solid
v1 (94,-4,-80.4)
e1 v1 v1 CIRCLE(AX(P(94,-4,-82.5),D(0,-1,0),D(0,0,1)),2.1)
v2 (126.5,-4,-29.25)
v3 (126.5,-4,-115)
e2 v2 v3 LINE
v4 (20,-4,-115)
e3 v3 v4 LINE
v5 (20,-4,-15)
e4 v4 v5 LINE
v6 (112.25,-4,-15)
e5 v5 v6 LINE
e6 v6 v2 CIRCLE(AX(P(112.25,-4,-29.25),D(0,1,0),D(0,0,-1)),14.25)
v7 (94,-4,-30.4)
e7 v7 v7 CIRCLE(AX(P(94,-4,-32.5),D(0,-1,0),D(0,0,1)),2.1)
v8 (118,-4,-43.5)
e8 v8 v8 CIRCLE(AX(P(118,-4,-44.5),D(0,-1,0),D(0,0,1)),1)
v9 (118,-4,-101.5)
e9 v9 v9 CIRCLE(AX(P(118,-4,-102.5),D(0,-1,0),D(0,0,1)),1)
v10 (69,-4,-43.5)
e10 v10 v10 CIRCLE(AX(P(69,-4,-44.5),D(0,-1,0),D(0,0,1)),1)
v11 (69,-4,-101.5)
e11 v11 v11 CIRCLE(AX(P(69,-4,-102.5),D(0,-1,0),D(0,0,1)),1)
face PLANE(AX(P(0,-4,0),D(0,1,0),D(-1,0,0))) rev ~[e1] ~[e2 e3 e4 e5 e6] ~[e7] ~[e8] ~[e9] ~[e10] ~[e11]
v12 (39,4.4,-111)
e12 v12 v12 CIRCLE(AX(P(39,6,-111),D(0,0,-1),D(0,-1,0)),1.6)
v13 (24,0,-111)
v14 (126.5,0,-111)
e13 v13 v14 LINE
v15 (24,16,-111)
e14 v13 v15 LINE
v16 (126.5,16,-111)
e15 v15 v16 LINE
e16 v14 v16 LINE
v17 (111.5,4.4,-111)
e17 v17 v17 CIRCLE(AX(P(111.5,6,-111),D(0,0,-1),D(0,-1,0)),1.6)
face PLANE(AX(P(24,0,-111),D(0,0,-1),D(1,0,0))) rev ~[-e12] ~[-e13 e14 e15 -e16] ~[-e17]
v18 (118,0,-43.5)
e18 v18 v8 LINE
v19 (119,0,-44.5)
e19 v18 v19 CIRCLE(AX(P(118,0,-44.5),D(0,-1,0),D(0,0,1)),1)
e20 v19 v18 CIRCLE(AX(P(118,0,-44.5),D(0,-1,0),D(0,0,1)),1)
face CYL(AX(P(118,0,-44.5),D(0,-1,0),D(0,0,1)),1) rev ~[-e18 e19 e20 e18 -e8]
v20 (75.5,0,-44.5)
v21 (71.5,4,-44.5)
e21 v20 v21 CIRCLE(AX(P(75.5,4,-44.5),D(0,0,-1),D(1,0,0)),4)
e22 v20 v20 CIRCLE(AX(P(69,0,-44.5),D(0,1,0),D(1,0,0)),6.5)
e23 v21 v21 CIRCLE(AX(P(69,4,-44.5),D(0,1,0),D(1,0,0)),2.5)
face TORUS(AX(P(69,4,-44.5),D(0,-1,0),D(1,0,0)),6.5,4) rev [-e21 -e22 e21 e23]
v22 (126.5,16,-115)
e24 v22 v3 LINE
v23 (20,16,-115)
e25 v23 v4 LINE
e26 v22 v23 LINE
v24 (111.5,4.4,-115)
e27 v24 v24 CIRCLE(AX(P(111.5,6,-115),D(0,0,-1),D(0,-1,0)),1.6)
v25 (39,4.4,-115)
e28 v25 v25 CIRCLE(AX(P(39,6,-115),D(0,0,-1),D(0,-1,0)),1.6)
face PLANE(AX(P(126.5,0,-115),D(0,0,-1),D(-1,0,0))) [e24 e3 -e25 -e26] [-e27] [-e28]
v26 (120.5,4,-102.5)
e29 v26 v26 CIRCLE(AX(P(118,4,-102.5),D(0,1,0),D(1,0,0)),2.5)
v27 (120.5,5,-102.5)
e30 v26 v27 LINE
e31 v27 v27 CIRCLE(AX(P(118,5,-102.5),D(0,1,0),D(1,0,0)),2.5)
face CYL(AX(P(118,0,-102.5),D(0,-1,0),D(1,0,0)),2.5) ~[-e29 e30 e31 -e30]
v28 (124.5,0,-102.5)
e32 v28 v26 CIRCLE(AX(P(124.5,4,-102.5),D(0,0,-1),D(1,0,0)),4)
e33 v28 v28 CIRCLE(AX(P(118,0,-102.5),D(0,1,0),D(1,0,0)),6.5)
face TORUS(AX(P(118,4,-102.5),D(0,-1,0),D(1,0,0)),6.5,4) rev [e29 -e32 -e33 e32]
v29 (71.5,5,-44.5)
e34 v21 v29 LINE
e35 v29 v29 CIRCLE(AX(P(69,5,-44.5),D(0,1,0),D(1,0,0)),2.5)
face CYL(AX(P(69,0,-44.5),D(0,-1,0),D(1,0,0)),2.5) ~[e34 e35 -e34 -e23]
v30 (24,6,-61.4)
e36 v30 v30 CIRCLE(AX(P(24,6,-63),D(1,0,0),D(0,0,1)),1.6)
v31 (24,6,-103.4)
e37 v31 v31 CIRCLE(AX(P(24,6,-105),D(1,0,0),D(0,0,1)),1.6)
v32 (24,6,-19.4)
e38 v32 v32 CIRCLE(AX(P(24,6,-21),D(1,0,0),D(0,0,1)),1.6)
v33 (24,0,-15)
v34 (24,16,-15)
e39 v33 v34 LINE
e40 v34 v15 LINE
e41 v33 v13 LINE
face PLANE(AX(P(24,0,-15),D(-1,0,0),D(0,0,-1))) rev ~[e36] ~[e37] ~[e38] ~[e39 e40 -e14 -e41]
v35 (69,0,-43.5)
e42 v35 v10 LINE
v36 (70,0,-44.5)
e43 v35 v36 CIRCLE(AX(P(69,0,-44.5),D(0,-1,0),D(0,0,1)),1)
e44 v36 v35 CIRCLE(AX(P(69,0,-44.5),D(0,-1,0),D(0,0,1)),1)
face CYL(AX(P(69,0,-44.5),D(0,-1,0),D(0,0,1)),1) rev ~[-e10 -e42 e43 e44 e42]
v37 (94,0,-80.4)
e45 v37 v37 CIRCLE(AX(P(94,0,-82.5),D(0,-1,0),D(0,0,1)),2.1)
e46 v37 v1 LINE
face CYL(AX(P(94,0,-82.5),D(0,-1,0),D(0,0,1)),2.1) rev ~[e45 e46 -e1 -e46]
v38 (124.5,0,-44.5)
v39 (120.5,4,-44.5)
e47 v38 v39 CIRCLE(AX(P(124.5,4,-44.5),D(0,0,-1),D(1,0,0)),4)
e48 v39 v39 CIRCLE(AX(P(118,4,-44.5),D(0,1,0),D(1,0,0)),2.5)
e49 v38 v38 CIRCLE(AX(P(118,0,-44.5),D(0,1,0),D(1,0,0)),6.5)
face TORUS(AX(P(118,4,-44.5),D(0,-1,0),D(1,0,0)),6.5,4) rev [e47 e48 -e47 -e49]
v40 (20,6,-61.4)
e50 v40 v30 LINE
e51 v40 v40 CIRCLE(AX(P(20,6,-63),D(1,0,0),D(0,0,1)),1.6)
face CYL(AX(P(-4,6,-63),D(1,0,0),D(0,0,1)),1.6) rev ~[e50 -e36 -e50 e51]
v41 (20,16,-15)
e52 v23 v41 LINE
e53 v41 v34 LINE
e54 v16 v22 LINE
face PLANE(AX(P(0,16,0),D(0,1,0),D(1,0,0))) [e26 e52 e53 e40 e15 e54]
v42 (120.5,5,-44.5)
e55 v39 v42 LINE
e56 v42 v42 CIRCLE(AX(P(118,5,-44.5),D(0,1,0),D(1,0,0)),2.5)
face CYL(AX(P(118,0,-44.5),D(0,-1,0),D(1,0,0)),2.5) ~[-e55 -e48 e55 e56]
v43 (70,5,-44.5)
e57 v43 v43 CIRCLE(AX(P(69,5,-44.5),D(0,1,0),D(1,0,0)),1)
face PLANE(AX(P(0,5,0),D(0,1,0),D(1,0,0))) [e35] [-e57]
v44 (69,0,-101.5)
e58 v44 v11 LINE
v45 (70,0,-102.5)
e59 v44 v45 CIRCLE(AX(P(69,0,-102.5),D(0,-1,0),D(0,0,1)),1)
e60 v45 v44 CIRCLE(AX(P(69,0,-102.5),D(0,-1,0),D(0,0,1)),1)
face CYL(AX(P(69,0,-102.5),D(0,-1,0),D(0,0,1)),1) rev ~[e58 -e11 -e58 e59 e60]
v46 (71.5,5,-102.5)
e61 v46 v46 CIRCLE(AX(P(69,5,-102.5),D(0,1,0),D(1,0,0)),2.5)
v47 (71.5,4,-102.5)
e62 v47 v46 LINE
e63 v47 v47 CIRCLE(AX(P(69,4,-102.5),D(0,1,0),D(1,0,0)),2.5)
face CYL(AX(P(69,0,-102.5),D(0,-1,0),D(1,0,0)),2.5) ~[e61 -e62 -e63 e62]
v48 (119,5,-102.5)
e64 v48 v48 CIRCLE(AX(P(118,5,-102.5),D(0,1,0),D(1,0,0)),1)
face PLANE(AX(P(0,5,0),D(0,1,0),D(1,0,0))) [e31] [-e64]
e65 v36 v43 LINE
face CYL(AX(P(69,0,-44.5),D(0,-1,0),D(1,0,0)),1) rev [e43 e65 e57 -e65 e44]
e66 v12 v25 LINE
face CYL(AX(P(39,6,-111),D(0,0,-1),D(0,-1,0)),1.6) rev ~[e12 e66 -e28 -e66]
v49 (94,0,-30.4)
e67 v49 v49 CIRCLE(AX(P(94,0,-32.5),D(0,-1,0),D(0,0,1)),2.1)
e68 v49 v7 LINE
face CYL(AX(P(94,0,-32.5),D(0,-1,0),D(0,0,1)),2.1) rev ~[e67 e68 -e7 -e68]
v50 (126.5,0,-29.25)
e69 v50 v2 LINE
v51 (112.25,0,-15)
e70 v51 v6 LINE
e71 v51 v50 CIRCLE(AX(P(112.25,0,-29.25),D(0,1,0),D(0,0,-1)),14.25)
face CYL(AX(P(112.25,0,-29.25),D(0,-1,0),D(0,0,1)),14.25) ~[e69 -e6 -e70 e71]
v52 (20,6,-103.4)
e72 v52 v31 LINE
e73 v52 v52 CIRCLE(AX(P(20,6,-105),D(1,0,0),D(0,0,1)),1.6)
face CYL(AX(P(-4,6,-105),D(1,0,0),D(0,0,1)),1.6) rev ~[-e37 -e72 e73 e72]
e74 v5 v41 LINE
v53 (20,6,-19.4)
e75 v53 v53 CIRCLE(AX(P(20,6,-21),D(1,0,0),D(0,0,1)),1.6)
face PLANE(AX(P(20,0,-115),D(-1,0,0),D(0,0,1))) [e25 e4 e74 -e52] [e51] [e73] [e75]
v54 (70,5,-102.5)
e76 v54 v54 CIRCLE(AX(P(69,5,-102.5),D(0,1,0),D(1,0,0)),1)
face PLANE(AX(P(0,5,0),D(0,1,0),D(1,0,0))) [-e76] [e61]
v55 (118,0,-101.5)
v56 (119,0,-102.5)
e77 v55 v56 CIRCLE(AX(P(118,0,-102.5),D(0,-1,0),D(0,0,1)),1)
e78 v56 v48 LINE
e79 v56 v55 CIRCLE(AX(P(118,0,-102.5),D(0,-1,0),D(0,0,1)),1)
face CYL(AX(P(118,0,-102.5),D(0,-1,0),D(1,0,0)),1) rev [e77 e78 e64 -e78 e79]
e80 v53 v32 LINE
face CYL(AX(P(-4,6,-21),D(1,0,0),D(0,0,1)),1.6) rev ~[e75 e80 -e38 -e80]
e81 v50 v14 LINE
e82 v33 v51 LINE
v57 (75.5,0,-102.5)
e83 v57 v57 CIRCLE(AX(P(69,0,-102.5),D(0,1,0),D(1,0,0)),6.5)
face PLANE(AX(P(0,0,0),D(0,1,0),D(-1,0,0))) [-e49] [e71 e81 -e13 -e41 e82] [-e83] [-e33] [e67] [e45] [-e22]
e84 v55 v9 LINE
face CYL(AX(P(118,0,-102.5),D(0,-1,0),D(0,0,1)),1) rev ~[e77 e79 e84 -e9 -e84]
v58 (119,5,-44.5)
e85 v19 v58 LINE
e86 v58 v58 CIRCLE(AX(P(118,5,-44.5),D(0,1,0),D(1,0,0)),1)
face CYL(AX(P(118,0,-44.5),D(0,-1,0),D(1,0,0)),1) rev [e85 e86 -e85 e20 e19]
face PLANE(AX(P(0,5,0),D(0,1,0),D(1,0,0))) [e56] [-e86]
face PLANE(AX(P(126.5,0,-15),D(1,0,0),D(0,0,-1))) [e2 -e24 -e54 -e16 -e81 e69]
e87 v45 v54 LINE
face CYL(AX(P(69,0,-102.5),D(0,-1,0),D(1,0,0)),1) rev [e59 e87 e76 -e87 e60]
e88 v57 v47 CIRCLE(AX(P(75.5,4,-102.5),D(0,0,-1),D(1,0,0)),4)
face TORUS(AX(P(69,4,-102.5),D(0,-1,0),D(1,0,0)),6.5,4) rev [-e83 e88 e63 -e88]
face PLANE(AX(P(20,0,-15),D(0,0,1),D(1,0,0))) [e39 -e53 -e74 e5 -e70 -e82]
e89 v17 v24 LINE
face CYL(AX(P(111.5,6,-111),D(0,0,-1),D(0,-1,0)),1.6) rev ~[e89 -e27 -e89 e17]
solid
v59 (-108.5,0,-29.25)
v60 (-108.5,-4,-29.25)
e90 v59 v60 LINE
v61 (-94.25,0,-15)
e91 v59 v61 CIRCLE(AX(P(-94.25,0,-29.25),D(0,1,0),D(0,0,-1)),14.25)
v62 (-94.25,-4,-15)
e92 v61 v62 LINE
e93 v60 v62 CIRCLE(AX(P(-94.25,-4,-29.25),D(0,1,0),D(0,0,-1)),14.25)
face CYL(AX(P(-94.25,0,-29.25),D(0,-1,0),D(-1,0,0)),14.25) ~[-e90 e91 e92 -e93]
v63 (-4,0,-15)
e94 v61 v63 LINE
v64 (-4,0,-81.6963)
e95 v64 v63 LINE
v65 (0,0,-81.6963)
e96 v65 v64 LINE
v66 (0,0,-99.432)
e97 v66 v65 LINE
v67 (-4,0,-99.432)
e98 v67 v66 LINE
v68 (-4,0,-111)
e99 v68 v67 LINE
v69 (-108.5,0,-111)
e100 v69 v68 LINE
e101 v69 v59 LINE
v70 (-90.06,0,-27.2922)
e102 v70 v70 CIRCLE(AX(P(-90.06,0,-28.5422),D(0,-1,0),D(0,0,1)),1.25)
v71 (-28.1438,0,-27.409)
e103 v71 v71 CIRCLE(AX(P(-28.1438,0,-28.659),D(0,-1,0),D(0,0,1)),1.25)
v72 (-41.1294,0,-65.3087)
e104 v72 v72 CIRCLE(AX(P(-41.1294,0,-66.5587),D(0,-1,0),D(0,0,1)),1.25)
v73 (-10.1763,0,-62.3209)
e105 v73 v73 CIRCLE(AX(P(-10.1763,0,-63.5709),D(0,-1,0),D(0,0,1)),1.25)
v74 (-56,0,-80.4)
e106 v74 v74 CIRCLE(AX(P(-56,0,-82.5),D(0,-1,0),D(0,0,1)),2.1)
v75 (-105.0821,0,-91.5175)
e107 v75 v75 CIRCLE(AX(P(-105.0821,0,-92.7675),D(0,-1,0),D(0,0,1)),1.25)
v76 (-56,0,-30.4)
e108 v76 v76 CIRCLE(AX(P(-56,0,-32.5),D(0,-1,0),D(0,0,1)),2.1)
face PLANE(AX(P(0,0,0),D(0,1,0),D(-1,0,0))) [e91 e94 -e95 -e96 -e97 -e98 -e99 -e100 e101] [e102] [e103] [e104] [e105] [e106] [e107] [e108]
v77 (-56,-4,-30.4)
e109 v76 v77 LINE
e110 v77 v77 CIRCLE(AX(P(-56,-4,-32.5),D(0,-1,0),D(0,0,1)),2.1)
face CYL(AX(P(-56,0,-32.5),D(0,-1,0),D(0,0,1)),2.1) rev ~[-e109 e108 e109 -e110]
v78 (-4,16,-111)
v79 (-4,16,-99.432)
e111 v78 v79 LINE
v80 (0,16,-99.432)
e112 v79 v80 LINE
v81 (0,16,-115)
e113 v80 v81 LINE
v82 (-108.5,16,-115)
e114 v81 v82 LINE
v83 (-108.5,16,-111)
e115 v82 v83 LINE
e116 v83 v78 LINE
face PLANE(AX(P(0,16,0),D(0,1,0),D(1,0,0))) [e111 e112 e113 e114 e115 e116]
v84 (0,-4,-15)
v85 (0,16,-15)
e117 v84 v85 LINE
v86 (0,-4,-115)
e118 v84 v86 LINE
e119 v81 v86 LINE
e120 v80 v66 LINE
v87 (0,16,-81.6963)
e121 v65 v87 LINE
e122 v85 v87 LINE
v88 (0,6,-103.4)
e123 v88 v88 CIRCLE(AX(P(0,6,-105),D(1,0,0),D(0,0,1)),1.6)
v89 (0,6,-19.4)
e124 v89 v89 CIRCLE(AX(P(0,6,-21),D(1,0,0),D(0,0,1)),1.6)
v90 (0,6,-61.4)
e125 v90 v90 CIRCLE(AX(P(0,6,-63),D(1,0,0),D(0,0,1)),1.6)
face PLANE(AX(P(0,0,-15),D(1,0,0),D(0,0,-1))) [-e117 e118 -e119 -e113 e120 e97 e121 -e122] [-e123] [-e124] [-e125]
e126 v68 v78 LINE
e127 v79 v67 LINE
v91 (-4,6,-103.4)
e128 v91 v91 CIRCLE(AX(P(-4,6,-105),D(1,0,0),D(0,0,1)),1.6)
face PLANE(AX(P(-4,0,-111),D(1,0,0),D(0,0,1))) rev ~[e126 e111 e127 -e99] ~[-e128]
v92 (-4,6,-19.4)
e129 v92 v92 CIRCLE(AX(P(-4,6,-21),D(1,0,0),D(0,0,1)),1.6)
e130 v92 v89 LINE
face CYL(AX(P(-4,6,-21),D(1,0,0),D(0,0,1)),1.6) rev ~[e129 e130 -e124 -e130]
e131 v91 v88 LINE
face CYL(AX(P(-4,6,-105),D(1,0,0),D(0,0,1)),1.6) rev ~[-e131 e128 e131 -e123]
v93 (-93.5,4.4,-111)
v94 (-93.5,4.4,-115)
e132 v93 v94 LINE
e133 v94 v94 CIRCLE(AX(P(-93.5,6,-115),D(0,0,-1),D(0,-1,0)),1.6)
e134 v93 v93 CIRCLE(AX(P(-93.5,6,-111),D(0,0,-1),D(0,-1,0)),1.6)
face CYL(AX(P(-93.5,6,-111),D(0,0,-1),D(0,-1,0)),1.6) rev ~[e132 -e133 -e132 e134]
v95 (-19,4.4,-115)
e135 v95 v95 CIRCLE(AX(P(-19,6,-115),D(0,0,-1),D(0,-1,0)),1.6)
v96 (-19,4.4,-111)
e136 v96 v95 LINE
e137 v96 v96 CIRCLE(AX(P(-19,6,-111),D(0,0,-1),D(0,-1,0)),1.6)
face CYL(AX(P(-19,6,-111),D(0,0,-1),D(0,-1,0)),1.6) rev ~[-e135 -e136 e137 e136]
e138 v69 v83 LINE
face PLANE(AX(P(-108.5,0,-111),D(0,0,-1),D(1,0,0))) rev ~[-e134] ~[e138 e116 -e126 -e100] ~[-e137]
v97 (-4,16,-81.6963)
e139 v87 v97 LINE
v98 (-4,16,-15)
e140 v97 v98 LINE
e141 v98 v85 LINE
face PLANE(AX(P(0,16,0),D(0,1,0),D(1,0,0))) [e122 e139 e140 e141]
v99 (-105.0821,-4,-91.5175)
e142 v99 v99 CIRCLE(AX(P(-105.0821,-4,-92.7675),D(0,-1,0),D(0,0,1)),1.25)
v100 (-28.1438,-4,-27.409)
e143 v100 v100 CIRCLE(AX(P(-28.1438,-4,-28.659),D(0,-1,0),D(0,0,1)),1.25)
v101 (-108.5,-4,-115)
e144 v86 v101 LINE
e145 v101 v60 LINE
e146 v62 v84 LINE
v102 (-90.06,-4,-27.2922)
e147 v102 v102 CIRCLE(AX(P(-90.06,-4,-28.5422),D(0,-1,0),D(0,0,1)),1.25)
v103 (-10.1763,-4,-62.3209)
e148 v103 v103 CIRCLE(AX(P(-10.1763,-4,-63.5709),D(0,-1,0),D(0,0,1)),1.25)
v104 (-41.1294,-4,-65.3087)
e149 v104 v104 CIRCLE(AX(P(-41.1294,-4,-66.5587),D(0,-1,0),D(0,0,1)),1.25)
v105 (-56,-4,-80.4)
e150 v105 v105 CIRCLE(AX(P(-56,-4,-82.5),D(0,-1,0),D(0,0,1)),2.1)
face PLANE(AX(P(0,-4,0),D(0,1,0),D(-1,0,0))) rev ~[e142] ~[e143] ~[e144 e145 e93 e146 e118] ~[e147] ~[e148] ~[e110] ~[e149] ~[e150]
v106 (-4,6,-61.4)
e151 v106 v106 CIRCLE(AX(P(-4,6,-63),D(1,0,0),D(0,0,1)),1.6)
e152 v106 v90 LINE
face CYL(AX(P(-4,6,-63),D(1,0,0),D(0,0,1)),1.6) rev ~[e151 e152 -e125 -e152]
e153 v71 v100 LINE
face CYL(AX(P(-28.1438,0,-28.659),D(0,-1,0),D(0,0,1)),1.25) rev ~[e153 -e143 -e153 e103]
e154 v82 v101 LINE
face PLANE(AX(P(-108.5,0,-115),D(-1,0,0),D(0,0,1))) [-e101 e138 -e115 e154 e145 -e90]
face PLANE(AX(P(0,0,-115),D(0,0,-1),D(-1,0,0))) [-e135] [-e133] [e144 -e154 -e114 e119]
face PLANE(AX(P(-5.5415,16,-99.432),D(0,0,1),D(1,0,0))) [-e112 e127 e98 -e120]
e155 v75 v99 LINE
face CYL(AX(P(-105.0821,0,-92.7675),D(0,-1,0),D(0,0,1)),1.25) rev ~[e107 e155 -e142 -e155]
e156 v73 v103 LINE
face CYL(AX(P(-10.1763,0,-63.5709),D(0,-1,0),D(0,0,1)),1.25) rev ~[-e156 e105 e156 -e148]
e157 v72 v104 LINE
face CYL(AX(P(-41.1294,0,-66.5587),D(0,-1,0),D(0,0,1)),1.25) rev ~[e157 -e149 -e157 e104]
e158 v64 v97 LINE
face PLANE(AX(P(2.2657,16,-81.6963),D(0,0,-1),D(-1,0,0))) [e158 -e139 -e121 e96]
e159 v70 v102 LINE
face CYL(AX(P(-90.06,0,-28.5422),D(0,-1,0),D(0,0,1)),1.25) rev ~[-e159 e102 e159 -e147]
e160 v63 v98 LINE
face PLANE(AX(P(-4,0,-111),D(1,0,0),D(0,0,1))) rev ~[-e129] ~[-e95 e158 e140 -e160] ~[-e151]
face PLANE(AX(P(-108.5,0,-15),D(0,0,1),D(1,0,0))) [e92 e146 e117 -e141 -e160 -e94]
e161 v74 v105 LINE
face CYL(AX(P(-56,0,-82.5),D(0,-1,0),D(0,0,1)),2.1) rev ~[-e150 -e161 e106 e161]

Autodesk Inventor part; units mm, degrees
ref_plane "YZ Plane" through (0, 0, 0) normal (1, 0, 0) x (0, 1, 0)
ref_plane "XZ Plane" through (0, 0, 0) normal (0, 1, 0) x (-1, 0, 0)
ref_plane "XY Plane" through (0, 0, 0) normal (0, 0, 1) x (1, 0, 0)
sketch "Sketch1" plane through (0, 0, 0) normal (0, 1, 0) x (-1, 0, 0)
  line L0 (108.5, -115) -> (0, -115) construction
  line L1 (0, -115) -> (0, 169.9168) construction
  line L2 (88.5, 0) -> (-126.5, 0) construction
  line L3 (-126.5, 0) -> (-126.5, -115) construction
  line L4 (-126.5, -115) -> (88.5, -115) construction
  line L5 (88.5, -115) -> (88.5, 0) construction
  line L6 (108.5, -15) -> (0, -15)
  line L7 (0, -15) -> (0, -115)
  line L8 (0, -115) -> (108.5, -115)
  line L9 (108.5, -115) -> (108.5, -15)
  line L10 (-20, 169.9168) -> (-20, -115) construction
  line L11 (-20, -15) -> (-126.5, -15)
  line L12 (-126.5, -15) -> (-126.5, -115)
  line L13 (-126.5, -115) -> (-20, -115)
  line L14 (-20, -115) -> (-20, -15)
  point P0 (0, 0)
  point P1 (56, -32.5)
  point P2 (56, -82.5)
  point P3 (-94, -32.5)
  point P4 (-94, -82.5)
  dimension "d4" = 108.5
  dimension "d5" = 20
  dimension "d6" = 215
  dimension "d7" = 115
  dimension "d8" = 20
  dimension "d9" = 50
  dimension "d10" = 150
  dimension "d11" = 32.5
  dimension "d12" = 32.5
  dimension "d13" = 15
extrude "Extrusion1" add sketch "Sketch1" against normal blind 4
hole "Hole1" at (-56, 0, -32.5) at (-56, 0, -82.5) at (94, 0, -32.5) at (94, 0, -82.5) direction (0, -1, 0) diameter 4.2 end through all
sketch "Sketch2" plane through (0, 0, 0) normal (0, 1, 0) x (1, 0, 0)
  circle A0 centre (-56, 32.5) radius 2.1 projected
  circle A1 centre (-56, 82.5) radius 2.1 projected
  line L0 (0, 15) -> (0, 115) projected
  line L1 (0, 115) -> (-108.5, 115) projected
  line L2 (-108.5, 115) -> (-108.5, 15) projected
  line L3 (-108.5, 15) -> (0, 15) projected
  line L4 (-108.5, 111) -> (-4, 111)
  line L5 (-4, 111) -> (-4, 15)
  line L6 (-108.5, 15) -> (0, 15) projected
  line L7 (0, 115) -> (-108.5, 115) projected
  line L8 (0, 15) -> (0, 115) projected
  circle A2 centre (94, 32.5) radius 2.1 projected
  circle A3 centre (94, 82.5) radius 2.1 projected
  line L9 (126.5, 15) -> (126.5, 115) projected
  line L10 (126.5, 115) -> (20, 115) projected
  line L11 (20, 115) -> (20, 15) projected
  line L12 (20, 15) -> (126.5, 15) projected
  line L13 (126.5, 15) -> (20, 15) projected
  line L14 (24, 15) -> (24, 111)
  line L15 (24, 111) -> (126.5, 111)
  line L16 (20, 115) -> (20, 15) projected
  point P0 (0, 0)
  dimension "d23" = 4
  dimension "d24" = 4
  dimension "d27" = 4
  dimension "d28" = 4
extrude "Extrusion2" add sketch "Sketch2" along normal blind 16 contours L3 L5 L4 L2 L1 L0 | L15 L14 L12 L11 L10 L9
sketch "Sketch3" plane through (0, 0, 0) normal (0, 1, 0) x (1, 0, 0)
  circle A0 centre (-28.1438, 28.659) radius 1.6 projected
  circle A1 centre (-10.1763, 63.5709) radius 1.6 projected
  circle A2 centre (-41.1294, 66.5587) radius 1.6 projected
  circle A3 centre (-105.0821, 92.7675) radius 1.6 projected
  circle A4 centre (-90.06, 28.5422) radius 1.6 projected
  point P0 (0, 0)
hole "Hole2" at (-105.0821, 0, -92.7675) at (-90.06, 0, -28.5422) at (-41.1294, 0, -66.5587) at (-10.1763, 0, -63.5709) at (-28.1438, 0, -28.659) direction (0, -1, 0) diameter 2.5 end through all
sketch "Sketch4" plane through (0, 16, 0) normal (0, 1, 0) x (1, 0, 0)
  line L0 (-5.5415, 99.432) -> (2.2657, 99.432)
  line L1 (2.2657, 99.432) -> (2.2657, 81.6963)
  line L2 (2.2657, 81.6963) -> (-5.5415, 81.6963)
  line L3 (-5.5415, 81.6963) -> (-5.5415, 99.432)
  point P0 (0, 0)
extrude "Extrusion3" cut sketch "Sketch4" against normal up to surface (16 mm away)
sketch "Sketch5" plane through (-4, 0, -15) normal (-1, 0, 0) x (0, 0, 1)
  line L0 (-66.6963, 16) -> (0, 16) projected
  line L1 (-96, 0) -> (-96, 16) projected
  line L2 (0, 0) -> (0, 16) projected
  point P0 (15, 0)
  point P1 (-6, 6)
  point P2 (-48, 6)
  point P3 (-90, 6)
  dimension "d38" = 42
  dimension "d39" = 42
  dimension "d40" = 10
  dimension "d41" = 6
  dimension "d42" = 6
hole "Hole3" at (-4, 6, -21) at (-4, 6, -63) at (-4, 6, -105) direction (1, 0, 0) diameter 3.2 end through all
sketch "Sketch6" plane through (-108.5, 0, -111) normal (0, 0, 1) x (1, 0, 0)
  line L0 (104.5, 0) -> (0, 0) projected
  line L1 (104.5, 0) -> (104.5, 16) projected
  line L2 (0, 16) -> (104.5, 16) projected
  line L3 (0, 0) -> (0, 16) projected
  line L4 (235, 0) -> (132.5, 0) projected
  line L5 (235, 0) -> (235, 16) projected
  line L6 (132.5, 16) -> (235, 16) projected
  line L7 (132.5, 0) -> (132.5, 16) projected
  point P0 (108.5, 0)
  point P1 (15, 6)
  point P2 (89.5, 6)
  point P3 (147.5, 6)
  point P4 (220, 6)
  dimension "d50" = 10
  dimension "d51" = 15
  dimension "d52" = 15
  dimension "d53" = 15
  dimension "d54" = 15
hole "Hole4" at (-93.5, 6, -111) at (-19, 6, -111) at (39, 6, -111) at (111.5, 6, -111) direction (0, 0, -1) diameter 3.2 end through all
fillet "Fillet1" radius 14.25 2 edges at (-108.5, -2, -15) (126.5, -2, -15)
sketch "Sketch7" plane through (0, 0, 0) normal (0, 1, 0) x (1, 0, 0)
  line L0 (65.5, 106) -> (121.5, 106) construction
  line L1 (121.5, 106) -> (121.5, 41) construction
  line L2 (121.5, 41) -> (65.5, 41) construction
  line L3 (65.5, 41) -> (65.5, 106) construction
  line L4 (24, 111) -> (126.5, 111) projected
  line L5 (126.5, 29.25) -> (126.5, 111) projected
  point P0 (0, 0)
  point P1 (69, 102.5)
  point P2 (118, 102.5)
  point P3 (118, 44.5)
  point P4 (69, 44.5)
  dimension "d63" = 65
  dimension "d64" = 56
  dimension "d65" = 3.5
  dimension "d66" = 3.5
  dimension "d67" = 3.5
  dimension "d68" = 3.5
  dimension "d69" = 5
  dimension "d70" = 5
hole "Hole5" at (69, 0, -102.5) at (118, 0, -102.5) at (118, 0, -44.5) at (69, 0, -44.5) direction (0, -1, 0) diameter 2 end through all
sketch "Sketch8" plane through (0, 0, 0) normal (0, 1, 0) x (1, 0, 0)
  circle A0 centre (118, 44.5) radius 1 projected
  circle A1 centre (69, 102.5) radius 1 projected
  circle A2 centre (118, 102.5) radius 1 projected
  circle A3 centre (69, 44.5) radius 1 projected
  circle A4 centre (94, 82.5) radius 2.1 projected
  circle A5 centre (94, 32.5) radius 2.1 projected
  arc A6 (112.25, 15) -> (126.5, 29.25) centre (112.25, 29.25) ccw projected
  line L0 (126.5, 29.25) -> (126.5, 111) projected
  line L1 (126.5, 111) -> (24, 111) projected
  line L2 (24, 111) -> (24, 15) projected
  line L3 (24, 15) -> (112.25, 15) projected
  circle A7 centre (69, 102.5) radius 2.5
  circle A8 centre (118, 102.5) radius 2.5
  circle A9 centre (118, 44.5) radius 2.5
  circle A10 centre (69, 44.5) radius 2.5
  point P0 (0, 0)
  dimension "d78" = 5
extrude "Extrusion4" add sketch "Sketch8" along normal blind 5 contours A7 | A8 | A9 | A10
fillet "Fillet2" radius 4 4 edges at (66.5, 0, -102.5) (66.5, 0, -44.5) (115.5, 0, -44.5) (115.5, 0, -102.5)
equation "\"d24\" = d23"
equation "\"d27\" = d24"
equation "\"d28\" = d27"
equation "\"d39\" = d38"
equation "\"d65\" = d66"
equation "\"d67\" = d66"
equation "\"d68\" = d66"
properties part number "electronics mount"
